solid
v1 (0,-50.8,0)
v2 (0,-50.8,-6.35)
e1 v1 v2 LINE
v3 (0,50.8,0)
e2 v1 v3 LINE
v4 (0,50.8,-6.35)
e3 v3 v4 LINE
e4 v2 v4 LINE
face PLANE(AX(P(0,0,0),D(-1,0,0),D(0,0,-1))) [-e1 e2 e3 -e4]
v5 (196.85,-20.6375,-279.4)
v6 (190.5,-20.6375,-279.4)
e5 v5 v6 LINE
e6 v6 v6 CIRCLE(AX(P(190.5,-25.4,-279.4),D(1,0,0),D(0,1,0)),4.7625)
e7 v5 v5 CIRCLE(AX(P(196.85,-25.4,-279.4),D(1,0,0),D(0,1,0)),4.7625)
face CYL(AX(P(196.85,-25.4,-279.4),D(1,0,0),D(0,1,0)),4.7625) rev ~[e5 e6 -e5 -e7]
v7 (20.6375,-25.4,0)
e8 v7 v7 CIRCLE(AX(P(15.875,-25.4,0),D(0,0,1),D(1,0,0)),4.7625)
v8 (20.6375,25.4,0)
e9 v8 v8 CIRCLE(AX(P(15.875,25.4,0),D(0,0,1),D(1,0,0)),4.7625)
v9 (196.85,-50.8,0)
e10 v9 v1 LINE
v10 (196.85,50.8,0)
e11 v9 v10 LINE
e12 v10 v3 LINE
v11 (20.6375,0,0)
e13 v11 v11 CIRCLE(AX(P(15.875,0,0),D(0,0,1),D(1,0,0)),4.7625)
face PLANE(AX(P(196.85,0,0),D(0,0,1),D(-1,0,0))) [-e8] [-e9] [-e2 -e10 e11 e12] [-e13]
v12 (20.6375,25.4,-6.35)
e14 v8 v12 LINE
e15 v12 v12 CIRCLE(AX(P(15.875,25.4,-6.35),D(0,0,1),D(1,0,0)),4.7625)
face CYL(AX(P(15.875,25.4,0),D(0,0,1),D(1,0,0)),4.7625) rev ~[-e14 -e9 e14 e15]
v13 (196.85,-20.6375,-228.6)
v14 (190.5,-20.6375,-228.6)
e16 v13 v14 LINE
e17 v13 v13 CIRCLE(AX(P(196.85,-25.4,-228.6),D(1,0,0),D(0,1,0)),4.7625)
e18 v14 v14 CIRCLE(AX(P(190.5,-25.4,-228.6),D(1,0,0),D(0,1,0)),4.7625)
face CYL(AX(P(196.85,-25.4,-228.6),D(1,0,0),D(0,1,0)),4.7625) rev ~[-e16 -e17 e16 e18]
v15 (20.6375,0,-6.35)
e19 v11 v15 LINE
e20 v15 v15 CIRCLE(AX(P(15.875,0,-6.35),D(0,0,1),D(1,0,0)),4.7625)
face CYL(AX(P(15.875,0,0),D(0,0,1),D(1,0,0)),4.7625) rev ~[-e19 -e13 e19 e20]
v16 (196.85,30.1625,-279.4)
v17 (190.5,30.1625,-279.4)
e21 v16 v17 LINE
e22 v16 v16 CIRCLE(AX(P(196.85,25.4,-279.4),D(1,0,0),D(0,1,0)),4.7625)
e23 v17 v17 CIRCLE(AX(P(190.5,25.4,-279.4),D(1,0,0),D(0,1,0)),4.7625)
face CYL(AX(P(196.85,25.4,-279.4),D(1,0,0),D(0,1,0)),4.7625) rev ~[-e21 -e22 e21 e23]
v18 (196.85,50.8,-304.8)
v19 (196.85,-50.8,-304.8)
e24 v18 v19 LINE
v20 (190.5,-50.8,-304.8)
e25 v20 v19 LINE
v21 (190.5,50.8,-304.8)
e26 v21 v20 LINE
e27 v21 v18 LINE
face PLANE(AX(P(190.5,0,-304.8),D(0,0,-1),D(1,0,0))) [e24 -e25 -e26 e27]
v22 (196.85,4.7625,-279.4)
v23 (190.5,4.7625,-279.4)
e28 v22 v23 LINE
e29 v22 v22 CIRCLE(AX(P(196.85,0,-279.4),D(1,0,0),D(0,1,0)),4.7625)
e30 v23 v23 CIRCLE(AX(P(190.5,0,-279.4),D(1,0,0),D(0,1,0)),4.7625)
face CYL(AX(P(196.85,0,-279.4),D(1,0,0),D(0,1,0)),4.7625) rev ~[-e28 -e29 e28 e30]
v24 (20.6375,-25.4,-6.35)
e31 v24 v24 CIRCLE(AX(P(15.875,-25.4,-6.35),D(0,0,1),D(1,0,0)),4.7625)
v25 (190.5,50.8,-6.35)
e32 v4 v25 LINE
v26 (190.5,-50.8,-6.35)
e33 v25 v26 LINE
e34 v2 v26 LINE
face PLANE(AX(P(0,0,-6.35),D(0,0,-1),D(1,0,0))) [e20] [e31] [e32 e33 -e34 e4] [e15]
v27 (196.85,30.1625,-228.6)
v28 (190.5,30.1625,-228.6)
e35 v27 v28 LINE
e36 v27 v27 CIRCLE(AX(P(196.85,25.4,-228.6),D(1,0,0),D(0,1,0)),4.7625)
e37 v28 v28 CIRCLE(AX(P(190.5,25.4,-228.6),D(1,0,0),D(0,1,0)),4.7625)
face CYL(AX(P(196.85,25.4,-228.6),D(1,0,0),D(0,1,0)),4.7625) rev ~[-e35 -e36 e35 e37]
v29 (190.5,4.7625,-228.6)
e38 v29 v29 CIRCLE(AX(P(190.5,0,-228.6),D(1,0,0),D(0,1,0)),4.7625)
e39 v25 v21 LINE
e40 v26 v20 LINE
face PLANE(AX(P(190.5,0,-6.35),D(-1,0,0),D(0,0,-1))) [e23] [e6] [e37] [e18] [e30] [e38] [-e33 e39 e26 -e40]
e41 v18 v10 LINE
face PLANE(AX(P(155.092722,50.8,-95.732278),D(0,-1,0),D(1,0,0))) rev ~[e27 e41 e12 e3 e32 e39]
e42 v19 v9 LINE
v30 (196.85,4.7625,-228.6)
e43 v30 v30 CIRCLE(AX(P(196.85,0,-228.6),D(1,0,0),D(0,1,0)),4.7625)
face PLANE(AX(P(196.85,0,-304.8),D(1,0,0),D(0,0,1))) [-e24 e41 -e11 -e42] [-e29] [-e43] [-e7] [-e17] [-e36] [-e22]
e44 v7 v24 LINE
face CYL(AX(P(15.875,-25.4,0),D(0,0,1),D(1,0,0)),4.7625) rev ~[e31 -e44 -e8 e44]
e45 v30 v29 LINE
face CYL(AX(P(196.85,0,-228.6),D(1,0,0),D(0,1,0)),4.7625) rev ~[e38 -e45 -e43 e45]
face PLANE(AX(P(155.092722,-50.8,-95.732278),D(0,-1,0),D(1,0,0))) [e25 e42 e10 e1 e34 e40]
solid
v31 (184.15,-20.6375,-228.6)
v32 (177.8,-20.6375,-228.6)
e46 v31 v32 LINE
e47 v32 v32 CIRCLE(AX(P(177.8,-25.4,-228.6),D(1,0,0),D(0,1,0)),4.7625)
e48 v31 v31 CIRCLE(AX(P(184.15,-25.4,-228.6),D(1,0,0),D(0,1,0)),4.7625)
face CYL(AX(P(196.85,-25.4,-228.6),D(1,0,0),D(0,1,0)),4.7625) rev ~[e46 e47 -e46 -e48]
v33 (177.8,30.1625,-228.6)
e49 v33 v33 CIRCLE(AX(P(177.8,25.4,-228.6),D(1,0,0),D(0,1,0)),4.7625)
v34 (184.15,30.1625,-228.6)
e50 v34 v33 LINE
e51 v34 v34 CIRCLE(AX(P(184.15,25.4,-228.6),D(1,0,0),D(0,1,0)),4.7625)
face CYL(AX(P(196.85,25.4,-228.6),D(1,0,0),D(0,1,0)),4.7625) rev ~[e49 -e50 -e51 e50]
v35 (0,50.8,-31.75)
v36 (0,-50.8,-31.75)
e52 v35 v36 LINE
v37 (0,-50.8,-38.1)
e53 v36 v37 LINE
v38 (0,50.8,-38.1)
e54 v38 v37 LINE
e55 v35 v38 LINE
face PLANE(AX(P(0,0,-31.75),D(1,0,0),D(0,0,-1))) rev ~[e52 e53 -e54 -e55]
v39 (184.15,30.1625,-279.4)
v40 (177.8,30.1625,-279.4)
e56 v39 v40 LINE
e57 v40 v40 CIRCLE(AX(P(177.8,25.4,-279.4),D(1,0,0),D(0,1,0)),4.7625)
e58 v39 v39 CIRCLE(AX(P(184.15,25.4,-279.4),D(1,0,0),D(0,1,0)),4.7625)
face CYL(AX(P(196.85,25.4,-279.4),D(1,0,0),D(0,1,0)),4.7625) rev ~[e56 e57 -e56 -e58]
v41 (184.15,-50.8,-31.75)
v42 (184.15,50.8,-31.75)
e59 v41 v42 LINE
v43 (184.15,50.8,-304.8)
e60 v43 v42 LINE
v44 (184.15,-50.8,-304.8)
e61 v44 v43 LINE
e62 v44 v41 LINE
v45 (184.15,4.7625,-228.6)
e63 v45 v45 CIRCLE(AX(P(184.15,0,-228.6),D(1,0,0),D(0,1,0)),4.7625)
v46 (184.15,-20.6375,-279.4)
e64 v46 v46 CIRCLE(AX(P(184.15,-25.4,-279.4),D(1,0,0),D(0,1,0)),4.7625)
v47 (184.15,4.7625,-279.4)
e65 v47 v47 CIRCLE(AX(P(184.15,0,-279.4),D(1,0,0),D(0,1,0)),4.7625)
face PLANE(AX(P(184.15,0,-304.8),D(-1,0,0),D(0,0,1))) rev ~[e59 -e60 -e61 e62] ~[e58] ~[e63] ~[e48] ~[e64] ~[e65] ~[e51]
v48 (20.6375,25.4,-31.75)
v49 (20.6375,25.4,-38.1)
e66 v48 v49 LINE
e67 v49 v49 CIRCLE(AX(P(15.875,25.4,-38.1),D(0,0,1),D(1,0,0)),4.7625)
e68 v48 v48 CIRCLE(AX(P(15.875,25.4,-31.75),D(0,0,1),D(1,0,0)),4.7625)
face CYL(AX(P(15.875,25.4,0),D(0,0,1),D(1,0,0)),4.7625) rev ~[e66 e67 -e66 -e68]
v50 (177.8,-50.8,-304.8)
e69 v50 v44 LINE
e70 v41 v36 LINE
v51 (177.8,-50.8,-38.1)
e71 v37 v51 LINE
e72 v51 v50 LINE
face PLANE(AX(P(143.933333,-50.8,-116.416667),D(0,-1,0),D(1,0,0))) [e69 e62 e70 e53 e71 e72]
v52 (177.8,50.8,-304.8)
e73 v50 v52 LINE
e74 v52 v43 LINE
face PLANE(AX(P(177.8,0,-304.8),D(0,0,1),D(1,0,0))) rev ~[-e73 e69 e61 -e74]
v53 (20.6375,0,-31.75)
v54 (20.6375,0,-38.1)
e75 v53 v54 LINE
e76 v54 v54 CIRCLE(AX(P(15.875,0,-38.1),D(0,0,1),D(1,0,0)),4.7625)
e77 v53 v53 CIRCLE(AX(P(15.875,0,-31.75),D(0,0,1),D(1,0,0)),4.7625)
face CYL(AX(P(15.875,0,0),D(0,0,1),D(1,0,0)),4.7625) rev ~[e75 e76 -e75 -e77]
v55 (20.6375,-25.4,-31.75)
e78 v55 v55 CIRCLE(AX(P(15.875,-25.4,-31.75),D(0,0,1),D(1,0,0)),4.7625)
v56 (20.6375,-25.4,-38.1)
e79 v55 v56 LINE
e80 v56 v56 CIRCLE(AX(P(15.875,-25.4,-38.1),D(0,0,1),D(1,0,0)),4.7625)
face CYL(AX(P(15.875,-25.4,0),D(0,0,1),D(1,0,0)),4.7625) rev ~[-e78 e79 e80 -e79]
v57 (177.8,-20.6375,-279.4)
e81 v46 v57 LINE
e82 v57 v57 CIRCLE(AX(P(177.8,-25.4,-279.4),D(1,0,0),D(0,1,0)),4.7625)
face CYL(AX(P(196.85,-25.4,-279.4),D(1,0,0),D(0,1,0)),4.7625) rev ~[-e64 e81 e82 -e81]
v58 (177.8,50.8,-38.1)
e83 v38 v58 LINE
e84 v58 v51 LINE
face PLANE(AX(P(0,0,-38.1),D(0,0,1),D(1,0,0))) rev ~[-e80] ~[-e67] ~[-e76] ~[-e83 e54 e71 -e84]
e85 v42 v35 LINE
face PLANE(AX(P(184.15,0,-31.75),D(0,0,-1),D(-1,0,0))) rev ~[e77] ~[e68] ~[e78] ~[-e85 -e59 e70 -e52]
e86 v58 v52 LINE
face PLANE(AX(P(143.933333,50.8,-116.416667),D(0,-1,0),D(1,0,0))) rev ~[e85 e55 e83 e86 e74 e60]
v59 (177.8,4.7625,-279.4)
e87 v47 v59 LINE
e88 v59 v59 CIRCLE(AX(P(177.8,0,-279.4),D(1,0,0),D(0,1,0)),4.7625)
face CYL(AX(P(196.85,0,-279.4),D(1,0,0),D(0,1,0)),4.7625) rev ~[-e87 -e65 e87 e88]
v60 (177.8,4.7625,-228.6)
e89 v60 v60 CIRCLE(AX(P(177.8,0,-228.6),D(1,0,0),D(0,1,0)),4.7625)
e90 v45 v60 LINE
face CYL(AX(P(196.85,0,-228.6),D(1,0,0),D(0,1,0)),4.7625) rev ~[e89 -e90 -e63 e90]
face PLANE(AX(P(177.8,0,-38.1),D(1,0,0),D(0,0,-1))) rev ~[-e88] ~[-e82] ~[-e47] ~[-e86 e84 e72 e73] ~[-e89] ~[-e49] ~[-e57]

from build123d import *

# Parameters (mm, degrees)
F1_DEPTH = 50.8
F2_R     = 4.7625
F3_DEPTH = 196.851
F4_R     = 4.7625
F5_DEPTH = 304.801


with BuildPart() as f1:
    # F0 (on Front) → F1 (new body, symmetric)
    with BuildSketch(Plane.XZ):
        Polygon((184.15, -31.75), (0, -31.75), (0, -38.1), (177.8, -38.1), (177.8, -304.8), (184.15, -304.8), align=None)
        Polygon((0, -6.35), (190.5, -6.35), (190.5, -304.8), (196.85, -304.8), (196.85, 0), (0, 0), align=None)
    extrude(amount=F1_DEPTH, both=True)

    # F2 (on face) → F3 (cut, through all)
    with BuildSketch(Plane.YZ.offset(196.85)):
        with Locations((-25.4, -279.4)):
            Circle(F2_R)
        with Locations((-25.4, -228.6)):
            Circle(F2_R)
        with Locations((0, -279.4)):
            Circle(F2_R)
        with Locations((0, -228.6)):
            Circle(F2_R)
        with Locations((25.4, -279.4)):
            Circle(F2_R)
        with Locations((25.4, -228.6)):
            Circle(F2_R)
    extrude(amount=-F3_DEPTH, mode=Mode.SUBTRACT)

    # F4 (on face) → F5 (cut, through all)
    with BuildSketch(Plane.XY):
        with Locations((15.875, -25.4)):
            Circle(F4_R)
        with Locations((15.875, 0)):
            Circle(F4_R)
        with Locations((15.875, 25.4)):
            Circle(F4_R)
    extrude(amount=-F5_DEPTH, mode=Mode.SUBTRACT)


solid = f1.part
